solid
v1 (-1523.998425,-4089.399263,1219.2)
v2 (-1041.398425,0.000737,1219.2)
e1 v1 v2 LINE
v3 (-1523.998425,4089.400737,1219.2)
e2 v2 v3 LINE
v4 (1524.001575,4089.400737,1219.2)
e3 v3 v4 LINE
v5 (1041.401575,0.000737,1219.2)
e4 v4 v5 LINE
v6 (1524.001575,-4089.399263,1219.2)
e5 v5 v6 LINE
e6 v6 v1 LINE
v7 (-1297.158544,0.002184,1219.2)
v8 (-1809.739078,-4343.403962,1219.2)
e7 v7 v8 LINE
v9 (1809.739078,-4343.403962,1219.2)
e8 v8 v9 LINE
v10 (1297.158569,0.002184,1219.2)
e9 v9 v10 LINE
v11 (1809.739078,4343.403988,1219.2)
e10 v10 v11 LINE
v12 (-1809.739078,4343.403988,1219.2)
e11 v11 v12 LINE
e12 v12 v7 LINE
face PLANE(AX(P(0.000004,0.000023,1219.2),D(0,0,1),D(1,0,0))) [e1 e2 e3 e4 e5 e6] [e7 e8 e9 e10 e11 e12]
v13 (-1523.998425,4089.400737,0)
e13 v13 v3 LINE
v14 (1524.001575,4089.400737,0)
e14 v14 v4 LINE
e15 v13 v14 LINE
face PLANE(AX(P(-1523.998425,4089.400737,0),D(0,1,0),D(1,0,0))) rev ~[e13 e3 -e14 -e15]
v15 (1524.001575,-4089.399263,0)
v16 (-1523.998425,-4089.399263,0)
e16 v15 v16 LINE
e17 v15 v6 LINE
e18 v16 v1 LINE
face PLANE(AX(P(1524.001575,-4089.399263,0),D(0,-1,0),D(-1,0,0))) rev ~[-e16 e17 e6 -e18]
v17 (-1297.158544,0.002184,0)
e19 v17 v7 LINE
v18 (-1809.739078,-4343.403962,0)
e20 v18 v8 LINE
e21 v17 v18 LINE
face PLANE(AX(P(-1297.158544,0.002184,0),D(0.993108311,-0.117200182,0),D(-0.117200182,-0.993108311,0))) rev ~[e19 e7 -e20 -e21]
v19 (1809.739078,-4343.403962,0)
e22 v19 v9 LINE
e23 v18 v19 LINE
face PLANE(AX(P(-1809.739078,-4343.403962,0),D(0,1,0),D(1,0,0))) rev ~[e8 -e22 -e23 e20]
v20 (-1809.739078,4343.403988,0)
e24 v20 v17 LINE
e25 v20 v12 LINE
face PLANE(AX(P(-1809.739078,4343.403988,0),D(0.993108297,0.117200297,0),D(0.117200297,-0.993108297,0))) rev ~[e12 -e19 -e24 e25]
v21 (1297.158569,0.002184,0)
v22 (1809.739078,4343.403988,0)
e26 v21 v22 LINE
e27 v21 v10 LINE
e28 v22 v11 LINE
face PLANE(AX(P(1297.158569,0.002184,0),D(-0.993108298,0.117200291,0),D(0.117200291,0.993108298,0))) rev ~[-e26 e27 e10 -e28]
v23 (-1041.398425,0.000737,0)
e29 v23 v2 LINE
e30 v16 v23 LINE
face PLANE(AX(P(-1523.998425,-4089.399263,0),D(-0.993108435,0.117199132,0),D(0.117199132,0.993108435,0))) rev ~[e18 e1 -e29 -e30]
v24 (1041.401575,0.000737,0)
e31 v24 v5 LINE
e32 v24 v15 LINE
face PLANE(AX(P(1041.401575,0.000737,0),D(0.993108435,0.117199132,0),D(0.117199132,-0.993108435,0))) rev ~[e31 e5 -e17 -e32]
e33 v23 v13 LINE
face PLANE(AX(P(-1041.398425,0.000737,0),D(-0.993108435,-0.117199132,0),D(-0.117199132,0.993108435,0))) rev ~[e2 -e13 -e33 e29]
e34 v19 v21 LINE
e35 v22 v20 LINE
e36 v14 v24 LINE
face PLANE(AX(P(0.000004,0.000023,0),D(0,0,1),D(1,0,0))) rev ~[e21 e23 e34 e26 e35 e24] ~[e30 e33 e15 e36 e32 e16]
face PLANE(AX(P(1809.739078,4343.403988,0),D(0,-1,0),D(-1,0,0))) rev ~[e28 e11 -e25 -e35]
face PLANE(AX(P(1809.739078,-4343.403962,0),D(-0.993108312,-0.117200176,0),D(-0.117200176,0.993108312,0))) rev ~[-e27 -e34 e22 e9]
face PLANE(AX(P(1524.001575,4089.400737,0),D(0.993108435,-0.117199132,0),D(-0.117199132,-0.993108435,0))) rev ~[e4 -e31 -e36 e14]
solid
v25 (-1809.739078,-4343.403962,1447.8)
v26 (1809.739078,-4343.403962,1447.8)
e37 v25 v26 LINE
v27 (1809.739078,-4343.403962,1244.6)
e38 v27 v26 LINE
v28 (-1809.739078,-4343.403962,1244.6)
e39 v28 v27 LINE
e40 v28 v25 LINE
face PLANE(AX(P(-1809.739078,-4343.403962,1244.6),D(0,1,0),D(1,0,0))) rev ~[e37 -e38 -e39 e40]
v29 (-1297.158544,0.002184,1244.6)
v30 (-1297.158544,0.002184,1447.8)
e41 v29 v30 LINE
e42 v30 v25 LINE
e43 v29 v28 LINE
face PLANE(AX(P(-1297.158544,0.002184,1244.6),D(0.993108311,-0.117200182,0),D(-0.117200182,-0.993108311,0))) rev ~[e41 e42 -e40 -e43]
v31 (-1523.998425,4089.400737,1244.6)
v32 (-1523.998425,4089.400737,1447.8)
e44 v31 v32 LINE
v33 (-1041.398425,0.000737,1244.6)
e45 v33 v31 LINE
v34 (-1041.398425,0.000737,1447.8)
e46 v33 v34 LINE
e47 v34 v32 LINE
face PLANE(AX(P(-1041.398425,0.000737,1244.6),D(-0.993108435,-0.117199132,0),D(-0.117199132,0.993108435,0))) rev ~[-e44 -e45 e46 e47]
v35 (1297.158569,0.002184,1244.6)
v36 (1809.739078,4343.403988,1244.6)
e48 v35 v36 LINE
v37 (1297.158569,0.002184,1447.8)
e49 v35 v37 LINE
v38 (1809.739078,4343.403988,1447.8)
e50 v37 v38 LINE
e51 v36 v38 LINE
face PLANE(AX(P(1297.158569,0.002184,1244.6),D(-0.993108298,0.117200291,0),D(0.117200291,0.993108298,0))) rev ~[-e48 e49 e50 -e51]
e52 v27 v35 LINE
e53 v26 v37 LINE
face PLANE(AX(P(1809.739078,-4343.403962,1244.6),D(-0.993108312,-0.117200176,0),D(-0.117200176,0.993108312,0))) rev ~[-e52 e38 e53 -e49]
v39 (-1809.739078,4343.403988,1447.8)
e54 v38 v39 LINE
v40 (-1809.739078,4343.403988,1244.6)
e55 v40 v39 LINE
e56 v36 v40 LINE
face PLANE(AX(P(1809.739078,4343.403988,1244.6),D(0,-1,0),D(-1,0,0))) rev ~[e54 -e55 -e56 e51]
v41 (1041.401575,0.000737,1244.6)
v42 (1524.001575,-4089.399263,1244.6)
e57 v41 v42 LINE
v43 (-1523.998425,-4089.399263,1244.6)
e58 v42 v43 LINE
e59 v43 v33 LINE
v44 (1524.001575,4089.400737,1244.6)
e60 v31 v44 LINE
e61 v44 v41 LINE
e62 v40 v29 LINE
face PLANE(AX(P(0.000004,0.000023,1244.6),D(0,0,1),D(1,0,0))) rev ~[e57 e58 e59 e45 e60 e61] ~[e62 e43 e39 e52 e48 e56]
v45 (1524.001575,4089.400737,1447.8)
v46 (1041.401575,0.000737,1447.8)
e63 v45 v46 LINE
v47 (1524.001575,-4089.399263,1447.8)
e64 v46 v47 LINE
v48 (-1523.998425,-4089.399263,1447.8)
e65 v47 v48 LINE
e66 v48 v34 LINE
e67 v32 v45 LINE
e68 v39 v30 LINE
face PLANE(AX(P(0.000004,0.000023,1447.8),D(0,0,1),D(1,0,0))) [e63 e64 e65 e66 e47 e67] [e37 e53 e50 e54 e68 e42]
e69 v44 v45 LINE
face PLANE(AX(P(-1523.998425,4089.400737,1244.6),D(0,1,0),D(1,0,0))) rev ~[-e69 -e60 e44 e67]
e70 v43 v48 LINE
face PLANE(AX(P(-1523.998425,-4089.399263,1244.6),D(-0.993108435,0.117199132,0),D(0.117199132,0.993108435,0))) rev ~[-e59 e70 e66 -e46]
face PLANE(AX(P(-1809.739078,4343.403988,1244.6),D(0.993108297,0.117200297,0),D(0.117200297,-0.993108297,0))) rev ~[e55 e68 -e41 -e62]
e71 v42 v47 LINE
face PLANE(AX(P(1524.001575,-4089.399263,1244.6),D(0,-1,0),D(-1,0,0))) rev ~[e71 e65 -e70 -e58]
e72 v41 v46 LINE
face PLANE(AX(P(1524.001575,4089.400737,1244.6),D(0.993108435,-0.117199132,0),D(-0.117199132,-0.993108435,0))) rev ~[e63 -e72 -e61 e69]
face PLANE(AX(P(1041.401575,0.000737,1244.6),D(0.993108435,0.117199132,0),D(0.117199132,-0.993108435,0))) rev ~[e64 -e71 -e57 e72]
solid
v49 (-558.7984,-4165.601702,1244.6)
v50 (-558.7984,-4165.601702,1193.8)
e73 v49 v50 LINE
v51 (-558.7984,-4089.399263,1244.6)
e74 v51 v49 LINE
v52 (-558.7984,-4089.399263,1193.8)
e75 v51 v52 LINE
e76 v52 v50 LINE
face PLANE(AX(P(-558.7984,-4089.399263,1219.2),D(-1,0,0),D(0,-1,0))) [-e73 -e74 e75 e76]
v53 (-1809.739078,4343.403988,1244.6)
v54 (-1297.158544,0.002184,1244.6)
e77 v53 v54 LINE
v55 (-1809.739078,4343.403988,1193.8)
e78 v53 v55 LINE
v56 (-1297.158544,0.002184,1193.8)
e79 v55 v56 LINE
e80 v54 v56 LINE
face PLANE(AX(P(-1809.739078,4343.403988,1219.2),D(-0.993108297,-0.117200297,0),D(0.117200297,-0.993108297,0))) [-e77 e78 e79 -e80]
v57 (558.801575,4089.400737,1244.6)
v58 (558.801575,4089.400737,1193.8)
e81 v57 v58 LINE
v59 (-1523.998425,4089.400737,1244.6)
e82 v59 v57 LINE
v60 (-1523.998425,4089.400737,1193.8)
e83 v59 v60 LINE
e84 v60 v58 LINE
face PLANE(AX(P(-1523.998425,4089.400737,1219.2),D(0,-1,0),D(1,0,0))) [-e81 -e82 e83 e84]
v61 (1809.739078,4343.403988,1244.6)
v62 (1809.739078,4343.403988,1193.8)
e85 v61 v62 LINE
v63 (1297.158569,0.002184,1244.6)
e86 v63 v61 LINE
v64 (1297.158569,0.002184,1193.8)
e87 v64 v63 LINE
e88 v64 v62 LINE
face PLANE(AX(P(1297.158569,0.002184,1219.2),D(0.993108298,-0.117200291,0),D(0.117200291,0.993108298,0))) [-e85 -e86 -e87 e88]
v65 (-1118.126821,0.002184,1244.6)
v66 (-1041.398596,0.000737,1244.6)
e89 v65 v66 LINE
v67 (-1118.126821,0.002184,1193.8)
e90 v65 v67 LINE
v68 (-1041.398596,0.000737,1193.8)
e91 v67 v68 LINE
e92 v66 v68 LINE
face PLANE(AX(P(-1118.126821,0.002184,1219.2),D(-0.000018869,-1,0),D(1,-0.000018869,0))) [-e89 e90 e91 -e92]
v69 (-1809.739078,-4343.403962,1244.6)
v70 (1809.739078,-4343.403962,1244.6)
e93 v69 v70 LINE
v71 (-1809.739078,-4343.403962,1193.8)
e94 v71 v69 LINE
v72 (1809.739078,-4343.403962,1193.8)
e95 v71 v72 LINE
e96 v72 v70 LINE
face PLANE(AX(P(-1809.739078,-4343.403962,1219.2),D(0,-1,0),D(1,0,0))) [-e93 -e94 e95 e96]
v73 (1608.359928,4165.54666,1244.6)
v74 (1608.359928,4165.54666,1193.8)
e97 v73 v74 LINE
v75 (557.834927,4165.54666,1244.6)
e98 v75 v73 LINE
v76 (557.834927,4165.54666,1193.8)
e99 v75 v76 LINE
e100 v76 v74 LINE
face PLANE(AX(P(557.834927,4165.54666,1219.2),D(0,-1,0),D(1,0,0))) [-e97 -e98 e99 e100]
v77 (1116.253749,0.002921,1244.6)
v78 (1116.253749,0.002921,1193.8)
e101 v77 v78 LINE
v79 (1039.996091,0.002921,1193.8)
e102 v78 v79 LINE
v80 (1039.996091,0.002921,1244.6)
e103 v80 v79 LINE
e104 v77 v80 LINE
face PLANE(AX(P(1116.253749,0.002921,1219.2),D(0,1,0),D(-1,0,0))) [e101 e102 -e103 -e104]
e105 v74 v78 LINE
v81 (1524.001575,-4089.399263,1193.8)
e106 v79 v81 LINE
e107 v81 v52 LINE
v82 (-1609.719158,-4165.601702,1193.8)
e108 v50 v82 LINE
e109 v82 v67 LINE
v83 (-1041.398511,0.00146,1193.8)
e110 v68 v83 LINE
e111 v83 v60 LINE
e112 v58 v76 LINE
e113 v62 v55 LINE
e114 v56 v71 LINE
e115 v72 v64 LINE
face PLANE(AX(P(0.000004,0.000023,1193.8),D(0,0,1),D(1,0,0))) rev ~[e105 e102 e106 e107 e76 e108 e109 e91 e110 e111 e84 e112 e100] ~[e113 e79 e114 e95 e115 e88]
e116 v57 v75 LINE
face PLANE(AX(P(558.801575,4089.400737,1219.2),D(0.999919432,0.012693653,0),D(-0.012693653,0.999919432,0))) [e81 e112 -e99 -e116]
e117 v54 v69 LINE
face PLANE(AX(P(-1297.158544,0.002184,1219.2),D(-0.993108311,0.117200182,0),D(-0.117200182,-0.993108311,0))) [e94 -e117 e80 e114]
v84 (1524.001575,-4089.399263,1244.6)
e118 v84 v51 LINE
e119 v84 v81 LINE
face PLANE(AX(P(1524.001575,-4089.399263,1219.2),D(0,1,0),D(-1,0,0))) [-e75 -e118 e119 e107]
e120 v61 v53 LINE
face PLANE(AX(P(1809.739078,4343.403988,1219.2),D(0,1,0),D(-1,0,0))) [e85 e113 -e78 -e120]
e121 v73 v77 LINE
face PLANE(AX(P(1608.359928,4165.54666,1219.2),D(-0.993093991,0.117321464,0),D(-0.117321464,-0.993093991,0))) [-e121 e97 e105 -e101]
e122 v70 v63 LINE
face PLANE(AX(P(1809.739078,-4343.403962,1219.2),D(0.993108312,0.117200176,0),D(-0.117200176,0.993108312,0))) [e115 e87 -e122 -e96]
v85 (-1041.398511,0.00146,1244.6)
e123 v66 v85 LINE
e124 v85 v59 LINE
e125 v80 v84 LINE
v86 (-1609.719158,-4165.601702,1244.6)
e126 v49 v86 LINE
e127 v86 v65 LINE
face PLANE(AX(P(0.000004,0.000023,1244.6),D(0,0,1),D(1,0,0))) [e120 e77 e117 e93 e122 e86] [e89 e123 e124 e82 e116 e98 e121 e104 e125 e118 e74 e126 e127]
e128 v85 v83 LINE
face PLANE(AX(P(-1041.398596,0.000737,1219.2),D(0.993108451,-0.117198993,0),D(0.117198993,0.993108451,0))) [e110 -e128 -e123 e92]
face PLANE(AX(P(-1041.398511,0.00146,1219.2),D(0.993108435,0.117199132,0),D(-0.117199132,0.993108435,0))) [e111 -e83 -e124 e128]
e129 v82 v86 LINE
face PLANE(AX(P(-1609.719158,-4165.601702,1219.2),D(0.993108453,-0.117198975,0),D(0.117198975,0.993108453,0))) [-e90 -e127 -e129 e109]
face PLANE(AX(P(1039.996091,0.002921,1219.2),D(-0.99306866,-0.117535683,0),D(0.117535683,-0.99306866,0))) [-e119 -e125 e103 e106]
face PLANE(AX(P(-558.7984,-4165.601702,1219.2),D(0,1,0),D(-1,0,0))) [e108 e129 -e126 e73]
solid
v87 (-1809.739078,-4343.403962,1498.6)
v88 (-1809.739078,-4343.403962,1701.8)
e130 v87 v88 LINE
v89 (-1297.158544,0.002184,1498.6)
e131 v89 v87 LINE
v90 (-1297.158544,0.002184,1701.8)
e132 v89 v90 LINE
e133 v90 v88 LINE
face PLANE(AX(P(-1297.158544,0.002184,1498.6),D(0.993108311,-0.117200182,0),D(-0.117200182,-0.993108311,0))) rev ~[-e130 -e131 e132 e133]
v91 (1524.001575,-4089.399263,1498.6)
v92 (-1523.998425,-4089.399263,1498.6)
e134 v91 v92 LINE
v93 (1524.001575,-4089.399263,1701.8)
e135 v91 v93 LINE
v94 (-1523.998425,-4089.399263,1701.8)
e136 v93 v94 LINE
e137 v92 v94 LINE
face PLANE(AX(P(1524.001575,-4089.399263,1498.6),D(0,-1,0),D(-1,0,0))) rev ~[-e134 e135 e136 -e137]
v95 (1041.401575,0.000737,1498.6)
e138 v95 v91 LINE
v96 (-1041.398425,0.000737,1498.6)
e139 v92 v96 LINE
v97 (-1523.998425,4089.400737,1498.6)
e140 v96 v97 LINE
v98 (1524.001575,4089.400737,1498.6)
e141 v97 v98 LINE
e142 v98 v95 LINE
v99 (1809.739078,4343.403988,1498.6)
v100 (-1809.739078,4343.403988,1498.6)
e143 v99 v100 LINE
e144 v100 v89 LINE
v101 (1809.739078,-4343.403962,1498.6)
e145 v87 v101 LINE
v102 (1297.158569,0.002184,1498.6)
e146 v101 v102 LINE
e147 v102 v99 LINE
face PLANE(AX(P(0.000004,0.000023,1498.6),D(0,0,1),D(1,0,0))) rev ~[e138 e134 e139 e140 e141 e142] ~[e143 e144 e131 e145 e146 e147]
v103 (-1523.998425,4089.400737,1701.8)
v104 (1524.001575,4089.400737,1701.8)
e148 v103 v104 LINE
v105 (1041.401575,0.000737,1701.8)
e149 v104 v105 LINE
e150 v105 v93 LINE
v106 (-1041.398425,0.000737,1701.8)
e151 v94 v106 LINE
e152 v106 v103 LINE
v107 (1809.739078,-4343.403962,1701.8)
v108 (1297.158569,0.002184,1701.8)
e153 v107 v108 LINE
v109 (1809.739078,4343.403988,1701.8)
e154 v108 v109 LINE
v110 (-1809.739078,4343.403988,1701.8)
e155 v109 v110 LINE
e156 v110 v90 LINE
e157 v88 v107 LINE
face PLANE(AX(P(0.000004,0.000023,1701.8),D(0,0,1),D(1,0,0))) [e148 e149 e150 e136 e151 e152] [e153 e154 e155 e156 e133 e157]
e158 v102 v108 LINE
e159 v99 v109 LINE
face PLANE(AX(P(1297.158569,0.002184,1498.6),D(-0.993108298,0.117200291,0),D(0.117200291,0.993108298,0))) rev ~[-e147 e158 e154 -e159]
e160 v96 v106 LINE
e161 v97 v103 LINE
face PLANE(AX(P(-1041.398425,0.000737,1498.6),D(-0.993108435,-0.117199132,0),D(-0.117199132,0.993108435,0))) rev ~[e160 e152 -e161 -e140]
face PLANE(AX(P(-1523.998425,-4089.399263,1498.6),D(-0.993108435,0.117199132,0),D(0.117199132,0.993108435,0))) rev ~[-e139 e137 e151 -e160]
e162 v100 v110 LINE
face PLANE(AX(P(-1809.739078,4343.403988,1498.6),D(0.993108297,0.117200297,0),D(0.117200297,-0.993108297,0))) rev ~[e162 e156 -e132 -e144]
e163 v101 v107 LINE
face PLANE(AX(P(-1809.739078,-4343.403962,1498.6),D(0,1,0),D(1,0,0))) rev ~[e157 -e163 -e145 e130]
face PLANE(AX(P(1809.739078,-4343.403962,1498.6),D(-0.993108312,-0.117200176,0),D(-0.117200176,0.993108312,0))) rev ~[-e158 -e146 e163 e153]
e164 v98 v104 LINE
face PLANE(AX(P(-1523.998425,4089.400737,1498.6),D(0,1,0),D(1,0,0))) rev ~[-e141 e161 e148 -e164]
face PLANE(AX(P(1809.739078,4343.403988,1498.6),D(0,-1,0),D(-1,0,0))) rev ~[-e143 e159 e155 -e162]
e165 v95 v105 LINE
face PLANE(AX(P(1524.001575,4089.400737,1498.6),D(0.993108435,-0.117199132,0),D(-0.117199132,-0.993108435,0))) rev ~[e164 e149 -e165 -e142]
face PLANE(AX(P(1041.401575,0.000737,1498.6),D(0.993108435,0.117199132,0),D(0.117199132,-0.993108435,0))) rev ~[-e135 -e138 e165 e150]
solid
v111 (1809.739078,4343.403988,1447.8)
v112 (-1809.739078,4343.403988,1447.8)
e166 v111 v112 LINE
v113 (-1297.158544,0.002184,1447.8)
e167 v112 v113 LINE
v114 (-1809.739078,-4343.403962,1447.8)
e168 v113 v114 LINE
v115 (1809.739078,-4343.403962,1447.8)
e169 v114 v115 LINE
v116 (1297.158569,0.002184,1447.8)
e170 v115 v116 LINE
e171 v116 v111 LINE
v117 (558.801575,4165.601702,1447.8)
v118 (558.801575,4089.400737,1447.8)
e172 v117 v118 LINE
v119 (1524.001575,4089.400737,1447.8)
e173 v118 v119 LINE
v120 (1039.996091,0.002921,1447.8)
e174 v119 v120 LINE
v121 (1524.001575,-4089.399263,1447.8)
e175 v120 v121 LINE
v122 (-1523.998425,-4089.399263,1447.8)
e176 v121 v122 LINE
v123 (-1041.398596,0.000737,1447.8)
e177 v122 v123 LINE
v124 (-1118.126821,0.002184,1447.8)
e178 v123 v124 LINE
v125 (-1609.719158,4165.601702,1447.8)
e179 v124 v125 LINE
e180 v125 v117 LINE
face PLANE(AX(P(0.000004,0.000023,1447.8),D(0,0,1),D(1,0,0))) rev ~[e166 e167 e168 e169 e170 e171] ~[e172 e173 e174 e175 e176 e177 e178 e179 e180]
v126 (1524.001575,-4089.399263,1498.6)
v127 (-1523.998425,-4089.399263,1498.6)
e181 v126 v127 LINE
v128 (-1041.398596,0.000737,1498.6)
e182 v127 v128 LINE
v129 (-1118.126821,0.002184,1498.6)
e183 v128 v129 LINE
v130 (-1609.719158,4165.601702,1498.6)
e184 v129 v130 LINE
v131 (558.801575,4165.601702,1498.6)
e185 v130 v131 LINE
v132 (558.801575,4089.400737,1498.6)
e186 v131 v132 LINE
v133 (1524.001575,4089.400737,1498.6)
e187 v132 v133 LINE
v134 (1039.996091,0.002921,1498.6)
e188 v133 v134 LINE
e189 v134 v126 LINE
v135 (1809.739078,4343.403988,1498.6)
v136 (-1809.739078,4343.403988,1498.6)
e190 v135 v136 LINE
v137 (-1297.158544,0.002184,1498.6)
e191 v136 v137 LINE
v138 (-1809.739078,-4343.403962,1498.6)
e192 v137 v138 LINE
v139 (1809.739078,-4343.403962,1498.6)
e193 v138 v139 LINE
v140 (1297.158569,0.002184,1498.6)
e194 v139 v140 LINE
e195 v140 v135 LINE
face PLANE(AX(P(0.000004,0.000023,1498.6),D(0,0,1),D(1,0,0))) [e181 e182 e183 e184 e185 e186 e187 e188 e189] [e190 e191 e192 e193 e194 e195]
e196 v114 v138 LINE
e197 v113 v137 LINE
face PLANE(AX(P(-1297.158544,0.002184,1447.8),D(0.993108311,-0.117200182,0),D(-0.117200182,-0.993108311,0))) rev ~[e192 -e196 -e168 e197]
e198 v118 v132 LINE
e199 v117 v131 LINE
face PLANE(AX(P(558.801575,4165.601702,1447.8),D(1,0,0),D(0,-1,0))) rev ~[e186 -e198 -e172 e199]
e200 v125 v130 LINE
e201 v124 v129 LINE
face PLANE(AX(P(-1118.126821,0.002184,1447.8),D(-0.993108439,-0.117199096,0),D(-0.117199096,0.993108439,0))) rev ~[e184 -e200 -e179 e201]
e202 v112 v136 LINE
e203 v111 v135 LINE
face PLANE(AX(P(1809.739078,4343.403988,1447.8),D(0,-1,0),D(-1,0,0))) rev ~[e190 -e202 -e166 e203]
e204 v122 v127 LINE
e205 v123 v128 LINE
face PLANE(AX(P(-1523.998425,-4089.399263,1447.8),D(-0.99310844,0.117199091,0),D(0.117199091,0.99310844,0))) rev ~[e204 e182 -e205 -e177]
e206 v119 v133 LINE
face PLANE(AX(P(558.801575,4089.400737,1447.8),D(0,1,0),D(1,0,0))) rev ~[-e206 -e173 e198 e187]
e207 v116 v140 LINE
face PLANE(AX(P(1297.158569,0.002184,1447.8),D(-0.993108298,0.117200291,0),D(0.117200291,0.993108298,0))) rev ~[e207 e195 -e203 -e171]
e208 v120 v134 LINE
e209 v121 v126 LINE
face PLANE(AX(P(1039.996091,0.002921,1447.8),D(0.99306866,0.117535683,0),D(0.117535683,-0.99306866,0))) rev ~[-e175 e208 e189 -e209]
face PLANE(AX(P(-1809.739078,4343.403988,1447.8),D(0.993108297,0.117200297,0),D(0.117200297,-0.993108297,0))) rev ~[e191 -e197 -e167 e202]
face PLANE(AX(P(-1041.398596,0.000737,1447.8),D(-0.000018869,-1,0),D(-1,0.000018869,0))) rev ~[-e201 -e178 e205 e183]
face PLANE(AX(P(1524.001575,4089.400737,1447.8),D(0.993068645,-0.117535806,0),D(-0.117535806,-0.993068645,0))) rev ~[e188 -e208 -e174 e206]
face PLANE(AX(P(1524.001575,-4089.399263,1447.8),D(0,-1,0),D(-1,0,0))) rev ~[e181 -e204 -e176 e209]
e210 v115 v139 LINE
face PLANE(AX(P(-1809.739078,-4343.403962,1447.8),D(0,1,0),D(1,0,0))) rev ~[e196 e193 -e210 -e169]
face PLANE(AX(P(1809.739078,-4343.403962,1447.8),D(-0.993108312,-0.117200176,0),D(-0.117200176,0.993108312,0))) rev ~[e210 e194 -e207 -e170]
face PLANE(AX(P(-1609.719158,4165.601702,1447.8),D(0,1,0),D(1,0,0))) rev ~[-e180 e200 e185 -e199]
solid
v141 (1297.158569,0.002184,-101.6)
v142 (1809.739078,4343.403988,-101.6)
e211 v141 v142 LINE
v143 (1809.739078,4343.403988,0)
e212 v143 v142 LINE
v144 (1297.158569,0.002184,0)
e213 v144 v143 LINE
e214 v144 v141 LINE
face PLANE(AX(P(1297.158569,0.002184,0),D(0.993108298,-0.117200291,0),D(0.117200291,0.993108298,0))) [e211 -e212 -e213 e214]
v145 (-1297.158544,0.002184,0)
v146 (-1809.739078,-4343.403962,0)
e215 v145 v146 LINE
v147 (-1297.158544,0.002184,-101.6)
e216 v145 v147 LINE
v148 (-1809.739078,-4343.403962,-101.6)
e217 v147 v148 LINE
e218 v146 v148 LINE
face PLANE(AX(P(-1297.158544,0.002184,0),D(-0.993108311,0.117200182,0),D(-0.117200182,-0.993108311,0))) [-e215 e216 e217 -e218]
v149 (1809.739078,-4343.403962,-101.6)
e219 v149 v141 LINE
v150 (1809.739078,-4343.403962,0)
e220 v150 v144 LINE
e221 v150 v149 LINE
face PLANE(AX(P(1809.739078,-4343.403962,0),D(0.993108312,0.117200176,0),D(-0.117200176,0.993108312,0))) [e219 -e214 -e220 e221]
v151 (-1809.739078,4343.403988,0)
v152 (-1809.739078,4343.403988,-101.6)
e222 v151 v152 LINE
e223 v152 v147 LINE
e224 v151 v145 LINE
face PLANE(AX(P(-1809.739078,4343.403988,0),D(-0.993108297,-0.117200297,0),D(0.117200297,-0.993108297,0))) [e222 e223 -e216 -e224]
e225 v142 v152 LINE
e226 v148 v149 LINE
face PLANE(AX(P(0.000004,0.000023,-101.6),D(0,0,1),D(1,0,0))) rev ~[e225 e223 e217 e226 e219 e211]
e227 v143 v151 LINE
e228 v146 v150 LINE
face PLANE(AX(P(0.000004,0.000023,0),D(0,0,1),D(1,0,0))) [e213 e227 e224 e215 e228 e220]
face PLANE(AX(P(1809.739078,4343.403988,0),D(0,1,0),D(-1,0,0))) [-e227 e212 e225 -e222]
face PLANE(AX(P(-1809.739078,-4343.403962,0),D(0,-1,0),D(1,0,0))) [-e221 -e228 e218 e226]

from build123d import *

# Parameters (mm, degrees)
F1_DEPTH  = 101.6
F2_DEPTH  = 1219.2
F5_DEPTH  = 25.4
F7_DEPTH  = 203.2
F10_DEPTH = 50.8
F13_DEPTH = 203.2


with BuildPart() as f1:
    # F0 (on Top) → F1 (new body)
    with BuildSketch(Plane.XY):
        Polygon((-1297.1585436, 0.0021844), (-1809.739078, -4343.4039624), (1809.739078, -4343.4039624), (1297.158569, 0.0021844), (1809.739078, 4343.4039878), (-1809.739078, 4343.4039878), align=None)
        Polygon((-1041.3984252, 0.0007366), (-1523.9984252, 4089.4007366), (1524.0015748, 4089.4007366), (1041.4015748, 0.0007366), (1524.0015748, -4089.3992634), (-1523.9984252, -4089.3992634), align=None, mode=Mode.SUBTRACT)
        Polygon((1524.0015748, 4089.4007366), (-1523.9984252, 4089.4007366), (-1041.3984252, 0.0007366), (-1523.9984252, -4089.3992634), (1524.0015748, -4089.3992634), (1041.4015748, 0.0007366), align=None)
    extrude(amount=-F1_DEPTH)


with BuildPart() as f2:
    # F0 (on Top) → F2 (new body)
    with BuildSketch(Plane.XY):
        Polygon((-1297.1585436, 0.0021844), (-1809.739078, -4343.4039624), (1809.739078, -4343.4039624), (1297.158569, 0.0021844), (1809.739078, 4343.4039878), (-1809.739078, 4343.4039878), align=None)
        Polygon((-1041.3984252, 0.0007366), (-1523.9984252, 4089.4007366), (1524.0015748, 4089.4007366), (1041.4015748, 0.0007366), (1524.0015748, -4089.3992634), (-1523.9984252, -4089.3992634), align=None, mode=Mode.SUBTRACT)
    extrude(amount=F2_DEPTH)


with BuildPart() as f5:
    # F4 (on offset) → F5 (new body, symmetric)
    with BuildSketch(Plane.XY.offset(1219.2)):
        Polygon((-1297.1585436, 0.0021844), (-1809.739078, -4343.4039624), (1809.739078, -4343.4039624), (1297.158569, 0.0021844), (1809.739078, 4343.4039878), (-1809.739078, 4343.4039878), align=None)
        Polygon((-1609.719158, -4165.6017018), (-1118.1268214, 0.0021844), (-1041.3985960579, 0.0007366032), (-1041.3985106292, 0.0014604999), (-1523.9984252, 4089.4007366), (558.8015748, 4089.4007366), (557.834927, 4165.54666), (1608.3599278, 4165.54666), (1116.2537492, 0.002921), (1039.9960912, 0.002921), (1524.0015748, -4089.3992634), (-558.7983998, -4089.3992634), (-558.7983998, -4165.6017018), align=None, mode=Mode.SUBTRACT)
    extrude(amount=F5_DEPTH, both=True)


with BuildPart() as f7:
    # F6 (on face) → F7 (new body)
    with BuildSketch(Plane.XY.offset(1244.6)):
        Polygon((-1297.1585436, 0.0021844), (-1809.739078, -4343.4039624), (1809.739078, -4343.4039624), (1297.158569, 0.0021844), (1809.739078, 4343.4039878), (-1809.739078, 4343.4039878), align=None)
        Polygon((-1041.3984252, 0.0007366), (-1523.9984252, 4089.4007366), (1524.0015748, 4089.4007366), (1041.4015748, 0.0007366), (1524.0015748, -4089.3992634), (-1523.9984252, -4089.3992634), align=None, mode=Mode.SUBTRACT)
    extrude(amount=F7_DEPTH)


with BuildPart() as f10:
    # F9 (on offset) → F10 (new body)
    with BuildSketch(Plane.XY.offset(1447.8)):
        Polygon((-1297.1585436, 0.0021844), (-1809.739078, -4343.4039624), (1809.739078, -4343.4039624), (1297.158569, 0.0021844), (1809.739078, 4343.4039878), (-1809.739078, 4343.4039878), align=None)
        Polygon((-1041.3985960579, 0.0007366032), (-1118.1268214, 0.0021844), (-1609.719158, 4165.6017018), (558.8015748, 4165.6017018), (558.8015748, 4089.4007366), (1524.0015748, 4089.4007366), (1039.9960912, 0.002921), (1524.0015748, -4089.3992634), (-558.7983998, -4089.3992634), (-1523.9984252, -4089.3992634), align=None, mode=Mode.SUBTRACT)
    extrude(amount=F10_DEPTH)


with BuildPart() as f13:
    # F12 (on offset) → F13 (new body)
    with BuildSketch(Plane.XY.offset(1498.6)):
        Polygon((-1297.1585436, 0.0021844), (-1809.739078, -4343.4039624), (1809.739078, -4343.4039624), (1297.158569, 0.0021844), (1809.739078, 4343.4039878), (-1809.739078, 4343.4039878), align=None)
        Polygon((-1041.3984252, 0.0007366), (-1523.9984252, 4089.4007366), (1524.0015748, 4089.4007366), (1041.4015748, 0.0007366), (1524.0015748, -4089.3992634), (-1523.9984252, -4089.3992634), align=None, mode=Mode.SUBTRACT)
    extrude(amount=F13_DEPTH)


solid = Compound([f1.part, f2.part, f5.part, f7.part, f10.part, f13.part])
